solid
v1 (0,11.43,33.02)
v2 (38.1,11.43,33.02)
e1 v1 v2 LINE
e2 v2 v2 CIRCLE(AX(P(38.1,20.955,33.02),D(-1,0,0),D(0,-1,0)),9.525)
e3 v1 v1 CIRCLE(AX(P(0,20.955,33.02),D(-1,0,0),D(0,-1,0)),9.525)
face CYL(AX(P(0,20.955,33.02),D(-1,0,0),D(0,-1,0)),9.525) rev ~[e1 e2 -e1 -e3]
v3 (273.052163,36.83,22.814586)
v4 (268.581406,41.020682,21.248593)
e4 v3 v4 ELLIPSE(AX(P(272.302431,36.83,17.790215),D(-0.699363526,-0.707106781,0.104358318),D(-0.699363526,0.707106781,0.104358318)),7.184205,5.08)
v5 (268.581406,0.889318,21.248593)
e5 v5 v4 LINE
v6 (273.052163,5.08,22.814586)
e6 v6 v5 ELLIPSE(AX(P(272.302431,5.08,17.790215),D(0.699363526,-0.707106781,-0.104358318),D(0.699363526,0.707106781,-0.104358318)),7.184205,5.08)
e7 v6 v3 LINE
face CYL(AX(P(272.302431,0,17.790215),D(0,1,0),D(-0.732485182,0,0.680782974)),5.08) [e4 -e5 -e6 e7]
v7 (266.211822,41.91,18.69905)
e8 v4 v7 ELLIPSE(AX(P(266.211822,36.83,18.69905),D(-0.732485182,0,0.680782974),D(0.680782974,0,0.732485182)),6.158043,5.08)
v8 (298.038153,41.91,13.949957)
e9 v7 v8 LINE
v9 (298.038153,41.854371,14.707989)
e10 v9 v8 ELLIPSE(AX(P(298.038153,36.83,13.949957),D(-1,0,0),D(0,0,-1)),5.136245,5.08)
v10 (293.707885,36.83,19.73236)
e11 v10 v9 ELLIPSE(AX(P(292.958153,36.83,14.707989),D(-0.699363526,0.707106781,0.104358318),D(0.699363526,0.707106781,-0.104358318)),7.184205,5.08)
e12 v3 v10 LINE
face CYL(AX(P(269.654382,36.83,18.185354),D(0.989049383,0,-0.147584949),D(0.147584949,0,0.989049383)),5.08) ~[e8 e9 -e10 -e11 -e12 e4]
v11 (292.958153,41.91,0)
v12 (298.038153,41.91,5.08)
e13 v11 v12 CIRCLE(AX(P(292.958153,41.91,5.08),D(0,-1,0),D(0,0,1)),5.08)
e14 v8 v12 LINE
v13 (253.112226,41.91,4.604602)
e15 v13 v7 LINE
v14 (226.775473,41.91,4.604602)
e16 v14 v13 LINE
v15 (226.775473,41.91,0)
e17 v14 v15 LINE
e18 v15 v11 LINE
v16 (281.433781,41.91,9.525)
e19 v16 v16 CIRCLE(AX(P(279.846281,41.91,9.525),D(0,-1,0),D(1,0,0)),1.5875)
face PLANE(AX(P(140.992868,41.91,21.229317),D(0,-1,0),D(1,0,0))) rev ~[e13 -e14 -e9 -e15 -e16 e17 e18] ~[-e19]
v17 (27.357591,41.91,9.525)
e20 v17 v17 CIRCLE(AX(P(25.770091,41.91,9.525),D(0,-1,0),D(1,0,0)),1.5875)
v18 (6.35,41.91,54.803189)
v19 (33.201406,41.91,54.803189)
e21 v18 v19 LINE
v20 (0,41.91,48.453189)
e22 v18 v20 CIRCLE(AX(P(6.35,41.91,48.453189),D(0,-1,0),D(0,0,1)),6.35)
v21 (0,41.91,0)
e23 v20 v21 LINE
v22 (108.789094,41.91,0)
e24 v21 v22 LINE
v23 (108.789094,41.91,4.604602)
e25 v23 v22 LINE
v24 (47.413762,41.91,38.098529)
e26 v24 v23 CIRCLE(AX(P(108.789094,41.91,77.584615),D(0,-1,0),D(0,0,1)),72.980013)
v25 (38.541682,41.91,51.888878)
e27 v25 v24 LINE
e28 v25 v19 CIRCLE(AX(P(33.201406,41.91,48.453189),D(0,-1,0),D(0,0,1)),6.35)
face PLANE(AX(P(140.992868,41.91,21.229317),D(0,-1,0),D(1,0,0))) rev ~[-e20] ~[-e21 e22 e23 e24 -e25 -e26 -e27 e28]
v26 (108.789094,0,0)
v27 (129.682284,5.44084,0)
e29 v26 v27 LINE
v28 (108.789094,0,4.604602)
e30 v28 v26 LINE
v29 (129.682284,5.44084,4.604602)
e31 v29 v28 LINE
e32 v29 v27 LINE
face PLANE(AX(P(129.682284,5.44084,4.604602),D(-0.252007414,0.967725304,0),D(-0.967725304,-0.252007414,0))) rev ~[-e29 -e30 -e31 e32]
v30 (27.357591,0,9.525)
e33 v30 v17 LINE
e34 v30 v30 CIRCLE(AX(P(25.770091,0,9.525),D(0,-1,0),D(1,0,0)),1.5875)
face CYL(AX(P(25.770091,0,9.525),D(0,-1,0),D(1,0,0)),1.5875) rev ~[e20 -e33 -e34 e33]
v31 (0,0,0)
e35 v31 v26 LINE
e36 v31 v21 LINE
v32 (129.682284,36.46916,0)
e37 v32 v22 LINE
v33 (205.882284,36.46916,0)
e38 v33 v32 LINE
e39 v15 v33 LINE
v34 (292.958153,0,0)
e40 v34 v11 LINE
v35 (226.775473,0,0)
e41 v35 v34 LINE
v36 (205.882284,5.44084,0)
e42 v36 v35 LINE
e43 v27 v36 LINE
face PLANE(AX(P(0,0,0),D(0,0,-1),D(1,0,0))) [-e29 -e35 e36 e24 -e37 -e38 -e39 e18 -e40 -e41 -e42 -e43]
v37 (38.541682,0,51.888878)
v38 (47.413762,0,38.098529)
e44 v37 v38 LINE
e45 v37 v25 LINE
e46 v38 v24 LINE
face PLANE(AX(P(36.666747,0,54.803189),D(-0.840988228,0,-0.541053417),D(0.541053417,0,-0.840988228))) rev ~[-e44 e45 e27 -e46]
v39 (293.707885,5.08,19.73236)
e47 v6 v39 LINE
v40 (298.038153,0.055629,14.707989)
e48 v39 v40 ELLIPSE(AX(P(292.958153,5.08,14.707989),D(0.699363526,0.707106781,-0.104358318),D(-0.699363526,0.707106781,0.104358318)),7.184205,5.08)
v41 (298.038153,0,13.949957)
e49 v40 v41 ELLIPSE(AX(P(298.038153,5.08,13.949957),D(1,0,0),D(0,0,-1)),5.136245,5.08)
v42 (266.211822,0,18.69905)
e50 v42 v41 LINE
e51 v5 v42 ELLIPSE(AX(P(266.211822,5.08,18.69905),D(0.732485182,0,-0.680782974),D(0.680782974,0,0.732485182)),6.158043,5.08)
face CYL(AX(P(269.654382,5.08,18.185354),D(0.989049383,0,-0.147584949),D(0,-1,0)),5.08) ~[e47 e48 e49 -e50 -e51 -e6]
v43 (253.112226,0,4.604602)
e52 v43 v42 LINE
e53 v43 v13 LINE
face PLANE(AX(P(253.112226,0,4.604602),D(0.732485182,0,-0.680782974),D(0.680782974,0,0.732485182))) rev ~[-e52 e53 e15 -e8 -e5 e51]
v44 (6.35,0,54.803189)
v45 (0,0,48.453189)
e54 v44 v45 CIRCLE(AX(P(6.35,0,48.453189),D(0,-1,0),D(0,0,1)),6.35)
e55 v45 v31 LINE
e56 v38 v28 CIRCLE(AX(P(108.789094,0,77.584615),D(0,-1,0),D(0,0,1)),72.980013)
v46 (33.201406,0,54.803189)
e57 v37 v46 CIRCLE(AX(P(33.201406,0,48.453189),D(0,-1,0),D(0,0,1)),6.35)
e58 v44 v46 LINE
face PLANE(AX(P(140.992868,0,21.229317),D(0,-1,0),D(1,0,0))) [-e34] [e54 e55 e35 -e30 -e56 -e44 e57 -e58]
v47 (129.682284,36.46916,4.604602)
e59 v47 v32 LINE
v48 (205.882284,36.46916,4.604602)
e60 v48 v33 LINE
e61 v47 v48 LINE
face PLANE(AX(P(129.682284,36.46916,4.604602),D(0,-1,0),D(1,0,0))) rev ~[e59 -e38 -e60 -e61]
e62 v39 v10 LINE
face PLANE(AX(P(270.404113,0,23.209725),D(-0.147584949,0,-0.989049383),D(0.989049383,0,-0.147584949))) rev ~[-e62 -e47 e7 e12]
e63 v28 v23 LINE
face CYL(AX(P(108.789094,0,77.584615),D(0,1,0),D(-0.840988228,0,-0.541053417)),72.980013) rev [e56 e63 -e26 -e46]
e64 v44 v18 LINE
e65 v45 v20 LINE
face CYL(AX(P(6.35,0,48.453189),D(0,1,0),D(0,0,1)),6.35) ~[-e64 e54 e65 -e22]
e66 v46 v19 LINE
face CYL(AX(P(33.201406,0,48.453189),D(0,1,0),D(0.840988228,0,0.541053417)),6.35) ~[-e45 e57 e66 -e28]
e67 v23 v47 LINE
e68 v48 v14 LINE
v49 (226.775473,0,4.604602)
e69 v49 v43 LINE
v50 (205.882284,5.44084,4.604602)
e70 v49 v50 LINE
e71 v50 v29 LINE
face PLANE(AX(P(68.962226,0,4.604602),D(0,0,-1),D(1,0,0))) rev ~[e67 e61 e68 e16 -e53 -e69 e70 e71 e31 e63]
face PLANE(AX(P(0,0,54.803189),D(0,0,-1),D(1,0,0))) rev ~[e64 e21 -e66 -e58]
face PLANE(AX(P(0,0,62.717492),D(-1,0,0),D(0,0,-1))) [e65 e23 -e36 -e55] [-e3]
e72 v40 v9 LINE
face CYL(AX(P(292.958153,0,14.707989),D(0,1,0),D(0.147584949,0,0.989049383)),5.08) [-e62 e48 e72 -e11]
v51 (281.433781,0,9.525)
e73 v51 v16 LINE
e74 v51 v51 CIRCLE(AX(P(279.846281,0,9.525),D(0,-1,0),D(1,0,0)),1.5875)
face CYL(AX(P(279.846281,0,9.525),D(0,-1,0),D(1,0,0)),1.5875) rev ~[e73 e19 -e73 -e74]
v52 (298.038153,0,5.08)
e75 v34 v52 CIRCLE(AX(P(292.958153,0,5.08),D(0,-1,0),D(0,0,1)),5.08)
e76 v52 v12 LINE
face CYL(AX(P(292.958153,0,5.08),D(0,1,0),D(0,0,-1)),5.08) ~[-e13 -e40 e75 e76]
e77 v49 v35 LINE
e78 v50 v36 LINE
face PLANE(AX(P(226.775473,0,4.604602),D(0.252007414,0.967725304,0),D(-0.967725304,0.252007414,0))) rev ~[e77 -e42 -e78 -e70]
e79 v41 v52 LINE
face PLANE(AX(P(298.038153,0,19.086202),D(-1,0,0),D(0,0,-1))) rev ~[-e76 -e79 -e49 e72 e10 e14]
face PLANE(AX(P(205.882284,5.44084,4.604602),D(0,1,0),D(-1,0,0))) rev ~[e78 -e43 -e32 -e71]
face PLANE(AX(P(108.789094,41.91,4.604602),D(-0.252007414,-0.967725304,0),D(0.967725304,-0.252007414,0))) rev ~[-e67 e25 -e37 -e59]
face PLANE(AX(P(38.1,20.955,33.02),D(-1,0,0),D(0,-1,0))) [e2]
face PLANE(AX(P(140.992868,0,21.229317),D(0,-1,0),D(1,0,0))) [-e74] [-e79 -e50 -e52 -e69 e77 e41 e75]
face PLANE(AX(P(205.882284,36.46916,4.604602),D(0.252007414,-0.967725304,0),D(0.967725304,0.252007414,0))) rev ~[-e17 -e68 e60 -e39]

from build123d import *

# Parameters (mm, degrees)
F1_DEPTH  = 41.91
F2_R      = 9.525
F3_DEPTH  = 38.1
F6_DEPTH  = 41.91
F7_R      = 72.9800133434
F8_R      = 6.35
F4_R      = 1.5875
F9_DEPTH  = 128.27
F10_DEPTH = 90.678
F11_R     = 5.08
F13_DEPTH = 39.624


with BuildPart() as f1:
    # F0 (on Front) → F1 (new body)
    with BuildSketch(Plane.XZ):
        Polygon((0, 62.717492425), (0, 0), (301.1213292729, 0), (301.1213292729, 19.05), align=None)
    extrude(amount=-F1_DEPTH)

    # F2 (on face) → F3 (cut)
    with BuildSketch(Plane(origin=(0, 0, 0), x_dir=(0, -1, 0), z_dir=(-1, 0, 0))):
        with Locations((-20.955, 33.02)):
            Circle(F2_R)
    extrude(amount=-F3_DEPTH, mode=Mode.SUBTRACT)

    # F5 (on face) → F6 (cut)
    with BuildSketch(Plane.XZ):
        Polygon((36.6667471826, 54.8031888902), (68.9622256454, 4.6046015509), (253.1122256454, 4.6046015509), (270.404113194, 23.2097251733), (298.0381529682, 19.0862017092), (298.0381529682, 0), (301.1213292729, 0), (301.1213292729, 19.05), (0, 62.717492425), (0, 54.8031888902), align=None)
    extrude(amount=-F6_DEPTH, mode=Mode.SUBTRACT)

    # F7
    f7_edges = [f1.edges().sort_by_distance(p)[0] for p in [
        (68.962226, 20.955, 4.604602),
    ]]
    fillet(f7_edges, radius=F7_R)

    # F8
    f8_edges = [f1.edges().sort_by_distance(p)[0] for p in [
        (36.666747, 20.955, 54.803189),
        (0, 20.955, 54.803189),
    ]]
    fillet(f8_edges, radius=F8_R)

    # F4 (on face) → F9 (cut)
    with BuildSketch(Plane.XZ):
        with Locations((279.8462808132, 9.525)):
            Circle(F4_R)
    extrude(amount=-F9_DEPTH, mode=Mode.SUBTRACT)

    # F4 (on face) → F10 (cut)
    with BuildSketch(Plane.XZ):
        with Locations((279.8462808132, 9.525)):
            Circle(F4_R)
        with Locations((25.7700905204, 9.525)):
            Circle(F4_R)
    extrude(amount=-F10_DEPTH, mode=Mode.SUBTRACT)

    # F11
    f11_edges = [f1.edges().sort_by_distance(p)[0] for p in [
        (298.038153, 20.955, 19.086202),
        (270.404113, 20.955, 23.209725),
        (284.221133, 41.91, 21.147963),
        (284.221133, 0, 21.147963),
        (298.038153, 20.955, 0),
    ]]
    fillet(f11_edges, radius=F11_R)

    # F12 (on face) → F13 (cut)
    with BuildSketch(Plane.XY.offset(4.6046015509)):
        Polygon((108.789094354, 0), (226.7754729672, 0), (205.8822836606, 5.4408400638), (129.6822836606, 5.4408400638), align=None)
        Polygon((205.8822836606, 36.4691599362), (226.7754729672, 41.91), (108.789094354, 41.91), (129.6822836606, 36.4691599362), align=None)
    extrude(amount=-F13_DEPTH, mode=Mode.SUBTRACT)


solid = f1.part
